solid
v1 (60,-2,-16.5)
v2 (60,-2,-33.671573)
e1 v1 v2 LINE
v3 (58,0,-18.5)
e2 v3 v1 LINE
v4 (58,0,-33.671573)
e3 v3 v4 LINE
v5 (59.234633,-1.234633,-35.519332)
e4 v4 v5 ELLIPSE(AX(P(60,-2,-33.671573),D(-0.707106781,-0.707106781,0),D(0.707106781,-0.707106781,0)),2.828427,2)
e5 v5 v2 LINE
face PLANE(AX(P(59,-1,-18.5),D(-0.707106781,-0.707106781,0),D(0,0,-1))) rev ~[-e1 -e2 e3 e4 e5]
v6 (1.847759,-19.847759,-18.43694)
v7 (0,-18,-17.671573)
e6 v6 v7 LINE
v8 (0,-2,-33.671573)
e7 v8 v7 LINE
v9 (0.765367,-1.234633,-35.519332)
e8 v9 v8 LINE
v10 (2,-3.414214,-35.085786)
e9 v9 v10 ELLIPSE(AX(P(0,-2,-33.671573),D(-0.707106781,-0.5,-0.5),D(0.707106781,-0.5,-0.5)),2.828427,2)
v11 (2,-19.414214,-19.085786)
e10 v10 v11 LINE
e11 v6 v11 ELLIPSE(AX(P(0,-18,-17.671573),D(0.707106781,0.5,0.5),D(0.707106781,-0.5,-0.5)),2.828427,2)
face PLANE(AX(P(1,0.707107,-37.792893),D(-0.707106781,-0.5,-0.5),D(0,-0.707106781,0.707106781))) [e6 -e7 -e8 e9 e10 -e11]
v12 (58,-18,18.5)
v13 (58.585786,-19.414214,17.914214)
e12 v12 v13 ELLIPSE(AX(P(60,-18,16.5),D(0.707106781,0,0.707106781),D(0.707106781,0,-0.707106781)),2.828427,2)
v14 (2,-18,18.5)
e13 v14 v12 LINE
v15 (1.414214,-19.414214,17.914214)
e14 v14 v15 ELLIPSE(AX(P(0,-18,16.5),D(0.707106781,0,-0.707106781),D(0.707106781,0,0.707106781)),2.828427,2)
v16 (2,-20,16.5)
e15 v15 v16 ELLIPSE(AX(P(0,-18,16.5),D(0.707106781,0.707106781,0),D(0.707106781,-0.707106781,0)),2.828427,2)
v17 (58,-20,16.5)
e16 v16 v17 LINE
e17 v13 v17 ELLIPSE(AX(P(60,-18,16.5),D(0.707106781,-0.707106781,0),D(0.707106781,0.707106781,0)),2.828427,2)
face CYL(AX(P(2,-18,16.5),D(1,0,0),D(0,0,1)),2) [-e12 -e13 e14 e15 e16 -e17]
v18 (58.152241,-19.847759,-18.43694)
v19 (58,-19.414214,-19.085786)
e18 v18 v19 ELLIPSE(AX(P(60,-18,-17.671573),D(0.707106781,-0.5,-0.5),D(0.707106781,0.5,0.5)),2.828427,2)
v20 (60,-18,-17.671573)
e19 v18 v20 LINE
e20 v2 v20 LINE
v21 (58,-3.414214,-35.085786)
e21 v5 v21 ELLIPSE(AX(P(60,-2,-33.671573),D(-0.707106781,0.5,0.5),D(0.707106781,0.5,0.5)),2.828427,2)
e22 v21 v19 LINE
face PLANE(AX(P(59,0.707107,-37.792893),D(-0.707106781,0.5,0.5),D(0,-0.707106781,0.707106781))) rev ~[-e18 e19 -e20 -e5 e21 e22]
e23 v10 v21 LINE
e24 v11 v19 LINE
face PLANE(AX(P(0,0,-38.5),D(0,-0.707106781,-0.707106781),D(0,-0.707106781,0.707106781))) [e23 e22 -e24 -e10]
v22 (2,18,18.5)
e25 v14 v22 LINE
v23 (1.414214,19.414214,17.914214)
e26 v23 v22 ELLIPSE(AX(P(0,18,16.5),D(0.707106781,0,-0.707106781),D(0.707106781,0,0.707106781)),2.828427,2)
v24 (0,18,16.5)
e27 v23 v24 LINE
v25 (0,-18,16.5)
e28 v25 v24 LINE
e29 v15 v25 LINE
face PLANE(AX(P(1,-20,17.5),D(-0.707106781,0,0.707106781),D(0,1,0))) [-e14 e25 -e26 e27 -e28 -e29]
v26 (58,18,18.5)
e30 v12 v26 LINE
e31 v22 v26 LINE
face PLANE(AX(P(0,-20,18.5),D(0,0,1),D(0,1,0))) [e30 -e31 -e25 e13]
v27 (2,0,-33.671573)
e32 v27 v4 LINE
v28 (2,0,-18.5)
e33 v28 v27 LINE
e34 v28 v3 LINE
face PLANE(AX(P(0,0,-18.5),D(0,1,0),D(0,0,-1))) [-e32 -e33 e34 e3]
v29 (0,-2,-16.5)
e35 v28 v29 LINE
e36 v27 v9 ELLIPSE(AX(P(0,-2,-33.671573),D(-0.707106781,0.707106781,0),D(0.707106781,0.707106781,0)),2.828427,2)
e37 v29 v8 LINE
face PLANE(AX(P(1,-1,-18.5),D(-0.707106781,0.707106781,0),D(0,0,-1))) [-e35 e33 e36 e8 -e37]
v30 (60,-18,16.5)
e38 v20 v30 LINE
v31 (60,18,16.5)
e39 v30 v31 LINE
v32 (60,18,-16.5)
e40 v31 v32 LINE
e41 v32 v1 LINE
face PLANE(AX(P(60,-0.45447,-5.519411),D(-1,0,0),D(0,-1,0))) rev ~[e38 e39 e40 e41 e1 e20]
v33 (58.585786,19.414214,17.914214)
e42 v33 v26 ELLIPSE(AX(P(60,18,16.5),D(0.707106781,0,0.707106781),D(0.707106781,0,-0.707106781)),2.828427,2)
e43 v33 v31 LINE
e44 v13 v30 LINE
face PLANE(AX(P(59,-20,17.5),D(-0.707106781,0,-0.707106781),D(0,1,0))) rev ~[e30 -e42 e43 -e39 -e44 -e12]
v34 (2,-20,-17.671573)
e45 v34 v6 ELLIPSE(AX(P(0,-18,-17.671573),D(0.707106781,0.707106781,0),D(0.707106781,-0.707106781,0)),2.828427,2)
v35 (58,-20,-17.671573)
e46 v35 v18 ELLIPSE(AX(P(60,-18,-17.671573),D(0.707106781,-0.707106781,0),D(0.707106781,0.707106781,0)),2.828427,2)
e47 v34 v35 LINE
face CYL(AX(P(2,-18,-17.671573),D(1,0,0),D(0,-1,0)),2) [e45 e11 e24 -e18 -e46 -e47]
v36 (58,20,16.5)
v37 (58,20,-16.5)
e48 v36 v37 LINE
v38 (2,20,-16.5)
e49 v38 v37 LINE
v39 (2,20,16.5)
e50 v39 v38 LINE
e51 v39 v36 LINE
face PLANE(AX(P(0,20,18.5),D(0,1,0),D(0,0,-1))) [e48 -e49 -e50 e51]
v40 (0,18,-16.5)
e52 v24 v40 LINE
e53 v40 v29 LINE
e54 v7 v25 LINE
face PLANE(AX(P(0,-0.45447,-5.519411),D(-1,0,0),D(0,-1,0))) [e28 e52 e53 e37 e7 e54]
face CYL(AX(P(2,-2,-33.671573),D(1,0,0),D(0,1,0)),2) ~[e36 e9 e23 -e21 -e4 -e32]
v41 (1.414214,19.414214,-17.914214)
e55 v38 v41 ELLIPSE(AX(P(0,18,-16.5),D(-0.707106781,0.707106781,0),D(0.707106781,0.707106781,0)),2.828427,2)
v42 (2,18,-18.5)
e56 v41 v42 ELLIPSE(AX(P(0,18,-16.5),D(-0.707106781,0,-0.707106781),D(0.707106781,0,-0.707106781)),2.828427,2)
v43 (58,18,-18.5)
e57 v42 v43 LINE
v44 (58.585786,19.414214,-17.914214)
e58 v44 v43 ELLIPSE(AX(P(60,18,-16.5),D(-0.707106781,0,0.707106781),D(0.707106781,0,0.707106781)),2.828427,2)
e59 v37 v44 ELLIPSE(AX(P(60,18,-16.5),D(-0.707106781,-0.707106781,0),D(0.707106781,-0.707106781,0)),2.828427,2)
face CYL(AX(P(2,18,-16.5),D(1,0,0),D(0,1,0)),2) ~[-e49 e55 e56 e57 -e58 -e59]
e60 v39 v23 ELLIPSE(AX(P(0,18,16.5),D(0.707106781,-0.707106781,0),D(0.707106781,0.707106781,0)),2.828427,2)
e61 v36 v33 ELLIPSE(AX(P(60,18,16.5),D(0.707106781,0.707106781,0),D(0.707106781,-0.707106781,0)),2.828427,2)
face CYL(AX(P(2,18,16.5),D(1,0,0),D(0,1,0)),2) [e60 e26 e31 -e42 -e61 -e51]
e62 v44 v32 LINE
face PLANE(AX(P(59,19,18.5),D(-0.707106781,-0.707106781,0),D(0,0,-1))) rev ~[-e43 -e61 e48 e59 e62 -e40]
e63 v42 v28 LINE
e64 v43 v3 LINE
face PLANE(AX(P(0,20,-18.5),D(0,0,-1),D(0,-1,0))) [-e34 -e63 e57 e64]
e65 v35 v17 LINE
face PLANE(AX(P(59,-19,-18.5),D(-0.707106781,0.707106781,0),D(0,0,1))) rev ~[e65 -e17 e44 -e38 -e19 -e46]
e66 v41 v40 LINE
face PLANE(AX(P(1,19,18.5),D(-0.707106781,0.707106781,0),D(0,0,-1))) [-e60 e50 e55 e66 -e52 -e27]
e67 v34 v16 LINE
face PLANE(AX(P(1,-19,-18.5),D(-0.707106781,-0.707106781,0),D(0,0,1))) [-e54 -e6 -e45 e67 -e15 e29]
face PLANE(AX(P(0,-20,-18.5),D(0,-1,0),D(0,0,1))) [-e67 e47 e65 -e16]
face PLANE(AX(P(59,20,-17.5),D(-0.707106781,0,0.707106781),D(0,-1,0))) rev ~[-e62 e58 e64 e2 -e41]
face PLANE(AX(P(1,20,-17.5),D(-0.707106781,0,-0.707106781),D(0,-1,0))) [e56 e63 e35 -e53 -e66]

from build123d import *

# Parameters (mm, degrees)
PAD_DEPTH    = 60
CHAMFER_SIZE = 2
FILLET_R     = 2


with BuildPart() as part:
    # Sketch → Pad (new body)
    with BuildSketch(Plane.YZ):
        Polygon((20, 18.5), (20, -18.5), (0, -18.5), (0, -38.5), (-20, -18.5), (-20, 18.5), align=None)
    extrude(amount=PAD_DEPTH)

    # Chamfer
    chamfer_edges = [part.edges().sort_by_distance(p)[0] for p in [
        (0, 20, 0),
        (0, 10, -18.5),
        (0, 0, -28.5),
        (0, -10, -28.5),
        (0, -20, 0),
        (0, 0, 18.5),
        (60, 20, 0),
        (60, 10, -18.5),
        (60, 0, -28.5),
        (60, -10, -28.5),
        (60, -20, 0),
        (60, 0, 18.5),
    ]]
    chamfer(chamfer_edges, length=CHAMFER_SIZE)

    # Fillet
    fillet_edges = [part.edges().sort_by_distance(p)[0] for p in [
        (30, 0, -38.5),
        (30, 20, -18.5),
        (30, 20, 18.5),
        (30, -20, 18.5),
        (30, -20, -18.5),
    ]]
    fillet(fillet_edges, radius=FILLET_R)


solid = part.part
